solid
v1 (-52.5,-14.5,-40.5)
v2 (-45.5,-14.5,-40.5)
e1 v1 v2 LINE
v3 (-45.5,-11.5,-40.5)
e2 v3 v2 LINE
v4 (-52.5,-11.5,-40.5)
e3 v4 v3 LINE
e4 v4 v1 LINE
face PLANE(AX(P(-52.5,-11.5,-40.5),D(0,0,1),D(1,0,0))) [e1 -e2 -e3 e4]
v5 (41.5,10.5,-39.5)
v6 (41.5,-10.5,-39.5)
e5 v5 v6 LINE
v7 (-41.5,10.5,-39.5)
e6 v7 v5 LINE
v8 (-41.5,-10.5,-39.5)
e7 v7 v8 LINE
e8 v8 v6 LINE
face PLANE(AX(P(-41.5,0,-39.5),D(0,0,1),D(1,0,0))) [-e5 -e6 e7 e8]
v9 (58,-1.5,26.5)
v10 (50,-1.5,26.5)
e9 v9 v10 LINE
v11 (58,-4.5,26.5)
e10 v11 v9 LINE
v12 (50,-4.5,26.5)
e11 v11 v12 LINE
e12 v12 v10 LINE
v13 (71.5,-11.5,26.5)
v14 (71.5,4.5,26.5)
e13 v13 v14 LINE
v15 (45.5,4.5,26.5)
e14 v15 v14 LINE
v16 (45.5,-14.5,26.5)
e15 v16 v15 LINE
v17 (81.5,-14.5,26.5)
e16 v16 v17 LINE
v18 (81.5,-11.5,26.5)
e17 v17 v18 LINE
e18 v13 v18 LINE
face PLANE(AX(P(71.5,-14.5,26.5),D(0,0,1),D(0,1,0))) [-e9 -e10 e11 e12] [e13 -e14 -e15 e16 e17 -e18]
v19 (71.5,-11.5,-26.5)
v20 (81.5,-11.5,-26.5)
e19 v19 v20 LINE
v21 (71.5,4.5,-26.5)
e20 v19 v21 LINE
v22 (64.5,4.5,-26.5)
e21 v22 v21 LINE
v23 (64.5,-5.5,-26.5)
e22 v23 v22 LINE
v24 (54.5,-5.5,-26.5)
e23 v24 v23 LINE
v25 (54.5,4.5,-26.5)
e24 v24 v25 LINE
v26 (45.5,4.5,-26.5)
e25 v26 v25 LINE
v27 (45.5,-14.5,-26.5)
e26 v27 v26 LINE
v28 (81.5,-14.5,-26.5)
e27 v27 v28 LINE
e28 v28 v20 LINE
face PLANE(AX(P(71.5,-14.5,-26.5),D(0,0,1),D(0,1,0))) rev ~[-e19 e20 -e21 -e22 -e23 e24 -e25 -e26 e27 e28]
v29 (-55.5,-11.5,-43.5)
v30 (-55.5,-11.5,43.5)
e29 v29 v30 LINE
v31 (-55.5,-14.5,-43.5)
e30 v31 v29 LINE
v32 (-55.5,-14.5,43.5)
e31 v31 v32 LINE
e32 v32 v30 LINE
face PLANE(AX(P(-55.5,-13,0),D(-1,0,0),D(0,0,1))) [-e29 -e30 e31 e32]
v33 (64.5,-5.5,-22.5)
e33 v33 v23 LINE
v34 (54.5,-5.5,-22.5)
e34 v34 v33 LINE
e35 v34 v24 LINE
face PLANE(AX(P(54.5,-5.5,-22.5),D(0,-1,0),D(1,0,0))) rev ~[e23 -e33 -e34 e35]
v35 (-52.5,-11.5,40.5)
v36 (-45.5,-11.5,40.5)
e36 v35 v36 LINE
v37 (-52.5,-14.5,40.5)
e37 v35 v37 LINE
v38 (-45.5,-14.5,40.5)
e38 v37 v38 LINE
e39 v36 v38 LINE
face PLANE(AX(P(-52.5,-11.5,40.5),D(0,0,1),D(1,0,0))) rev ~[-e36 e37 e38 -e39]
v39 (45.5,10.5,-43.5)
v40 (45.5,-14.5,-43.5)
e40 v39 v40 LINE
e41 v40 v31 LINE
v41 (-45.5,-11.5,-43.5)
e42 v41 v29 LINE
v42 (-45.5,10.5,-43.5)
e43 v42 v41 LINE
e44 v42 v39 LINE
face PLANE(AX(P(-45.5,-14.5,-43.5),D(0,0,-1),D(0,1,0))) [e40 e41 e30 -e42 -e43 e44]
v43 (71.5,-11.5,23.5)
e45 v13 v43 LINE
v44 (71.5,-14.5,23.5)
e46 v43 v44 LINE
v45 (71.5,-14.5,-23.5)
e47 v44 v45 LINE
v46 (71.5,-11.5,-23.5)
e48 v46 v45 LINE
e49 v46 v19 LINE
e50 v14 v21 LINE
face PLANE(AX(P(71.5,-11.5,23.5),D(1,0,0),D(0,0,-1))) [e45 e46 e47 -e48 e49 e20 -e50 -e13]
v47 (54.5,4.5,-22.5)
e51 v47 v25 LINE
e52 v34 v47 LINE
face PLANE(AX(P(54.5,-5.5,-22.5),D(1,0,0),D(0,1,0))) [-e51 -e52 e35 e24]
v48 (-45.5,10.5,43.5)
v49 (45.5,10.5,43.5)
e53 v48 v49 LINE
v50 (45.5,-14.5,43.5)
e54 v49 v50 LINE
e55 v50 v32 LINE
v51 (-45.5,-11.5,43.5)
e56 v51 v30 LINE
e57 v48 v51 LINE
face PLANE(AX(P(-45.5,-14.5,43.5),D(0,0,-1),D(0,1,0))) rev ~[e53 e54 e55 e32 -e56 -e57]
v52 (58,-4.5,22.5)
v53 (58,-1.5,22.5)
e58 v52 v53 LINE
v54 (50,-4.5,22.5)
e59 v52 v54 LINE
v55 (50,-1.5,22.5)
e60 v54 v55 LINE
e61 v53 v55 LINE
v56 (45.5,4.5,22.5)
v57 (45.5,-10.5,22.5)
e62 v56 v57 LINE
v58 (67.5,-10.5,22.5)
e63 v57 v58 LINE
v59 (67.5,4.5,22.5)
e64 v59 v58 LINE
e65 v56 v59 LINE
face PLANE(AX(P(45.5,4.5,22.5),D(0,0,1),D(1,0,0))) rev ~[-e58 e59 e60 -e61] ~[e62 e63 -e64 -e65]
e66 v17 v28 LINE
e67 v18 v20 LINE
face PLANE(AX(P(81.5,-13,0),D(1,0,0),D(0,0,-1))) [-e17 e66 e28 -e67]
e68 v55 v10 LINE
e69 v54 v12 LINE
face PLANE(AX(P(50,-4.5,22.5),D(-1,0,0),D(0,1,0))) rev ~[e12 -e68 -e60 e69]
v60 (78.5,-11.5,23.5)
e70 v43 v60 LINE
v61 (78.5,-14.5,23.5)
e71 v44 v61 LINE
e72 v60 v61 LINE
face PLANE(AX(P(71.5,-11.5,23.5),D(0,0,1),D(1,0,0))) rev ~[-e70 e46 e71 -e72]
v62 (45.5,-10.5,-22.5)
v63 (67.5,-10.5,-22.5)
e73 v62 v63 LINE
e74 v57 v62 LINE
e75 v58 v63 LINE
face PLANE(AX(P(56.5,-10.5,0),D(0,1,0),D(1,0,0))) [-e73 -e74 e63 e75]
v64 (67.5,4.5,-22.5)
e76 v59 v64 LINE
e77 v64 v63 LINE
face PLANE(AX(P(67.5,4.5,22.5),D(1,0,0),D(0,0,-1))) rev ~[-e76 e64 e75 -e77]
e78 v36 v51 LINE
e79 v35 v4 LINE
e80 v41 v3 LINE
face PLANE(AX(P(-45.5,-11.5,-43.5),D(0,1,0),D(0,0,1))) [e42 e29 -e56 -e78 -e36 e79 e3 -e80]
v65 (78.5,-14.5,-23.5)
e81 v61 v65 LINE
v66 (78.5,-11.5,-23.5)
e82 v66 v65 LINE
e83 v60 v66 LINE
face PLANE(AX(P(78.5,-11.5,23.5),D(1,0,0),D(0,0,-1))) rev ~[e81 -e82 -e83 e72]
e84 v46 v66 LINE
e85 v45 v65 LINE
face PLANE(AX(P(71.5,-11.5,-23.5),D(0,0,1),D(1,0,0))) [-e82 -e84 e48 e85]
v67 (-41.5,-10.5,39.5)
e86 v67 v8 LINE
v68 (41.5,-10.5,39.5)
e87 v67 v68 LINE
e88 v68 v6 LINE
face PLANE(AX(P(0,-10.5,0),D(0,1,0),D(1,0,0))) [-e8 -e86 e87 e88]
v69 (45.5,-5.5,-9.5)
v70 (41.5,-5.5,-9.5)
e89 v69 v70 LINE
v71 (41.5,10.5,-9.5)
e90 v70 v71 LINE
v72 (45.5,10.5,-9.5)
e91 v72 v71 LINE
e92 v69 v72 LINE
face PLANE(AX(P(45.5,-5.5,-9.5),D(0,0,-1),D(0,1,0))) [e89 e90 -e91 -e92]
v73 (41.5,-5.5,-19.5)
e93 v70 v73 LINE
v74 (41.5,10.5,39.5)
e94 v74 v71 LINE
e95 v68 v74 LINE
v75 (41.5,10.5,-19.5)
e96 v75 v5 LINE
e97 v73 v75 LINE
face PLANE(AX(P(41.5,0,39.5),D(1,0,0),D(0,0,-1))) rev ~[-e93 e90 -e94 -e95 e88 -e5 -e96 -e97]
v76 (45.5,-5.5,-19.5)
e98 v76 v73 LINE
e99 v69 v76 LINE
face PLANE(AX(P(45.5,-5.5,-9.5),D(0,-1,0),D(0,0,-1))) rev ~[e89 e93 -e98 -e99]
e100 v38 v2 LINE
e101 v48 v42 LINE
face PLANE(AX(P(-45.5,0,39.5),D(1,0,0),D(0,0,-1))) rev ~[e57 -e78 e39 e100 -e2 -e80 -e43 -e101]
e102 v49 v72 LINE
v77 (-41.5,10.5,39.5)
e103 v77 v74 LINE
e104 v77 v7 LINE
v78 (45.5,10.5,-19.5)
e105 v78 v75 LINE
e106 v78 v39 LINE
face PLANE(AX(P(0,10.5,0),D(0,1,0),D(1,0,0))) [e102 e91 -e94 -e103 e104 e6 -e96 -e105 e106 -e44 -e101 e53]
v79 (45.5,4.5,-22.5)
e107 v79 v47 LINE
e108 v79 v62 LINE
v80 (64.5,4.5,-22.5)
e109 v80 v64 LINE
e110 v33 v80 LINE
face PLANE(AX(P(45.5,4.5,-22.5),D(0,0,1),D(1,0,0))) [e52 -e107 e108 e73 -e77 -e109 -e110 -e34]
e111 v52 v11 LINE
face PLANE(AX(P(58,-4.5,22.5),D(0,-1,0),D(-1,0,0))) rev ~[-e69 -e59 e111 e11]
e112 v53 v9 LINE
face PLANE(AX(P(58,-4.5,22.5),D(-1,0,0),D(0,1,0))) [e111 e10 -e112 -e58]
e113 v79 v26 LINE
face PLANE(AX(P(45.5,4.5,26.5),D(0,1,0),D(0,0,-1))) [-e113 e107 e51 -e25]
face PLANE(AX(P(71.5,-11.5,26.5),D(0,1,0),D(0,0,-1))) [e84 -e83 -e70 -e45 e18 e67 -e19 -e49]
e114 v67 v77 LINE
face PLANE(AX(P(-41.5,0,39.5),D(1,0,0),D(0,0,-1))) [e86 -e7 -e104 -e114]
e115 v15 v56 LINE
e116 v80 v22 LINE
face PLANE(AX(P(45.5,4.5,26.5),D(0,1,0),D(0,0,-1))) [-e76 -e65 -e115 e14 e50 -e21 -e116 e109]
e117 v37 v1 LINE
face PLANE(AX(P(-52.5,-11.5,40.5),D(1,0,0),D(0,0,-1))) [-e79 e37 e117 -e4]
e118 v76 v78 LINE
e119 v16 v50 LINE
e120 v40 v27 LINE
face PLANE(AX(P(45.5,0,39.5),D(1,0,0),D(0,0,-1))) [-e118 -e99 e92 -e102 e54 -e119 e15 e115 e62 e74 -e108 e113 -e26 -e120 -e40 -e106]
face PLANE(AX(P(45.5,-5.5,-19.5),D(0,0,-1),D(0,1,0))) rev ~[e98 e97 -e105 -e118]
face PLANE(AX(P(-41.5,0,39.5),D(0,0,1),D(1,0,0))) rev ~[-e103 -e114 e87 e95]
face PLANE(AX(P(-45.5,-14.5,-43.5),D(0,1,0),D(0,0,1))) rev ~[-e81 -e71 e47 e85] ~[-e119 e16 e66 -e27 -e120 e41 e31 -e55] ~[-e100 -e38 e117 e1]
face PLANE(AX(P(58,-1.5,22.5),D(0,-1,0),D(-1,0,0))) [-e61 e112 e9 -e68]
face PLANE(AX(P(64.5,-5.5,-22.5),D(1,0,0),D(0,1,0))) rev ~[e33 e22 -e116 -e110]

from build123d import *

# Parameters (mm, degrees)
SKETCH1_W           = 83
SKETCH1_H           = 79
BOSS_EXTRUDE1_DEPTH = 10.5
SHELL1_T            = 4
SKETCH4_W           = 53
SKETCH4_H           = 19
BOSS_EXTRUDE2_DEPTH = 26
SKETCH5_W           = 22
SKETCH5_H           = 45
CUT_EXTRUDE1_DEPTH  = 15
SKETCH7_W           = 8
SKETCH7_H           = 3
CUT_EXTRUDE2_DEPTH  = 4
SKETCH8_W           = 10
SKETCH8_H           = 10
CUT_EXTRUDE3_DEPTH  = 4
SKETCH9_W           = 53
SKETCH9_H           = 3
BOSS_EXTRUDE4_DEPTH = 10
SKETCH10_W          = 87
SKETCH10_H          = 3
BOSS_EXTRUDE5_DEPTH = 10
SKETCH11_W          = 7
SKETCH11_H          = 47
SKETCH11_H_2        = 81
CUT_EXTRUDE4_DEPTH  = 3
SKETCH12_W          = 10
SKETCH12_H          = 16
CUT_EXTRUDE5_DEPTH  = 4


with BuildPart() as part:
    # Sketch1 → Boss-Extrude1 (new, symmetric)
    with BuildSketch(Plane(origin=(0, 0, 0), x_dir=(1, 0, 0), z_dir=(0, 1, 0))):
        Rectangle(SKETCH1_W, SKETCH1_H)
    extrude(amount=BOSS_EXTRUDE1_DEPTH, both=True)

    # Shell1
    shell1_openings = [part.faces().sort_by_distance(p)[0] for p in [
        (0, 10.5, 0),
    ]]
    offset(amount=SHELL1_T, openings=shell1_openings, kind=Kind.INTERSECTION)

    # Sketch4 → Boss-Extrude2 (add)
    with BuildSketch(Plane(origin=(45.5, 0, 0), x_dir=(0, 0, -1), z_dir=(1, 0, 0))):
        with Locations((0, -5)):
            Rectangle(SKETCH4_W, SKETCH4_H)
    extrude(amount=BOSS_EXTRUDE2_DEPTH)

    # Sketch5 → Cut-Extrude1 (cut)
    with BuildSketch(Plane(origin=(0, 4.5, 0), x_dir=(1, 0, 0), z_dir=(0, 1, 0))):
        with Locations((56.5, 0)):
            Rectangle(SKETCH5_W, SKETCH5_H)
    extrude(amount=-CUT_EXTRUDE1_DEPTH, mode=Mode.SUBTRACT)

    # Sketch7 → Cut-Extrude2 (cut)
    with BuildSketch(Plane(origin=(0, 0, 22.5), x_dir=(-1, 0, 0), z_dir=(0, 0, -1))):
        with Locations((-54, -3)):
            Rectangle(SKETCH7_W, SKETCH7_H)
    extrude(amount=-CUT_EXTRUDE2_DEPTH, mode=Mode.SUBTRACT)

    # Sketch8 → Cut-Extrude3 (cut)
    with BuildSketch(Plane.XY.offset(-22.5)):
        with Locations((59.5, -0.5)):
            Rectangle(SKETCH8_W, SKETCH8_H)
    extrude(amount=-CUT_EXTRUDE3_DEPTH, mode=Mode.SUBTRACT)

    # Sketch9 → Boss-Extrude4 (add)
    with BuildSketch(Plane(origin=(71.5, 0, 0), x_dir=(0, 0, -1), z_dir=(1, 0, 0))):
        with Locations((0, -13)):
            Rectangle(SKETCH9_W, SKETCH9_H)
    extrude(amount=BOSS_EXTRUDE4_DEPTH)

    # Sketch10 → Boss-Extrude5 (add)
    with BuildSketch(Plane.ZY.offset(45.5)):
        with Locations((0, -13)):
            Rectangle(SKETCH10_W, SKETCH10_H)
    extrude(amount=BOSS_EXTRUDE5_DEPTH)

    # Sketch11 → Cut-Extrude4 (cut)
    with BuildSketch(Plane(origin=(0, -11.5, 0), x_dir=(1, 0, 0), z_dir=(0, 1, 0))):
        with Locations((75, 0)):
            Rectangle(SKETCH11_W, SKETCH11_H)
        with Locations((-49, 0)):
            Rectangle(SKETCH11_W, SKETCH11_H_2)
    extrude(amount=-CUT_EXTRUDE4_DEPTH, mode=Mode.SUBTRACT)

    # Sketch12 → Cut-Extrude5 (cut)
    with BuildSketch(Plane(origin=(45.5, 0, 0), x_dir=(0, 0, -1), z_dir=(1, 0, 0))):
        with Locations((14.5, 2.5)):
            Rectangle(SKETCH12_W, SKETCH12_H)
    extrude(amount=-CUT_EXTRUDE5_DEPTH, mode=Mode.SUBTRACT)


solid = part.part
